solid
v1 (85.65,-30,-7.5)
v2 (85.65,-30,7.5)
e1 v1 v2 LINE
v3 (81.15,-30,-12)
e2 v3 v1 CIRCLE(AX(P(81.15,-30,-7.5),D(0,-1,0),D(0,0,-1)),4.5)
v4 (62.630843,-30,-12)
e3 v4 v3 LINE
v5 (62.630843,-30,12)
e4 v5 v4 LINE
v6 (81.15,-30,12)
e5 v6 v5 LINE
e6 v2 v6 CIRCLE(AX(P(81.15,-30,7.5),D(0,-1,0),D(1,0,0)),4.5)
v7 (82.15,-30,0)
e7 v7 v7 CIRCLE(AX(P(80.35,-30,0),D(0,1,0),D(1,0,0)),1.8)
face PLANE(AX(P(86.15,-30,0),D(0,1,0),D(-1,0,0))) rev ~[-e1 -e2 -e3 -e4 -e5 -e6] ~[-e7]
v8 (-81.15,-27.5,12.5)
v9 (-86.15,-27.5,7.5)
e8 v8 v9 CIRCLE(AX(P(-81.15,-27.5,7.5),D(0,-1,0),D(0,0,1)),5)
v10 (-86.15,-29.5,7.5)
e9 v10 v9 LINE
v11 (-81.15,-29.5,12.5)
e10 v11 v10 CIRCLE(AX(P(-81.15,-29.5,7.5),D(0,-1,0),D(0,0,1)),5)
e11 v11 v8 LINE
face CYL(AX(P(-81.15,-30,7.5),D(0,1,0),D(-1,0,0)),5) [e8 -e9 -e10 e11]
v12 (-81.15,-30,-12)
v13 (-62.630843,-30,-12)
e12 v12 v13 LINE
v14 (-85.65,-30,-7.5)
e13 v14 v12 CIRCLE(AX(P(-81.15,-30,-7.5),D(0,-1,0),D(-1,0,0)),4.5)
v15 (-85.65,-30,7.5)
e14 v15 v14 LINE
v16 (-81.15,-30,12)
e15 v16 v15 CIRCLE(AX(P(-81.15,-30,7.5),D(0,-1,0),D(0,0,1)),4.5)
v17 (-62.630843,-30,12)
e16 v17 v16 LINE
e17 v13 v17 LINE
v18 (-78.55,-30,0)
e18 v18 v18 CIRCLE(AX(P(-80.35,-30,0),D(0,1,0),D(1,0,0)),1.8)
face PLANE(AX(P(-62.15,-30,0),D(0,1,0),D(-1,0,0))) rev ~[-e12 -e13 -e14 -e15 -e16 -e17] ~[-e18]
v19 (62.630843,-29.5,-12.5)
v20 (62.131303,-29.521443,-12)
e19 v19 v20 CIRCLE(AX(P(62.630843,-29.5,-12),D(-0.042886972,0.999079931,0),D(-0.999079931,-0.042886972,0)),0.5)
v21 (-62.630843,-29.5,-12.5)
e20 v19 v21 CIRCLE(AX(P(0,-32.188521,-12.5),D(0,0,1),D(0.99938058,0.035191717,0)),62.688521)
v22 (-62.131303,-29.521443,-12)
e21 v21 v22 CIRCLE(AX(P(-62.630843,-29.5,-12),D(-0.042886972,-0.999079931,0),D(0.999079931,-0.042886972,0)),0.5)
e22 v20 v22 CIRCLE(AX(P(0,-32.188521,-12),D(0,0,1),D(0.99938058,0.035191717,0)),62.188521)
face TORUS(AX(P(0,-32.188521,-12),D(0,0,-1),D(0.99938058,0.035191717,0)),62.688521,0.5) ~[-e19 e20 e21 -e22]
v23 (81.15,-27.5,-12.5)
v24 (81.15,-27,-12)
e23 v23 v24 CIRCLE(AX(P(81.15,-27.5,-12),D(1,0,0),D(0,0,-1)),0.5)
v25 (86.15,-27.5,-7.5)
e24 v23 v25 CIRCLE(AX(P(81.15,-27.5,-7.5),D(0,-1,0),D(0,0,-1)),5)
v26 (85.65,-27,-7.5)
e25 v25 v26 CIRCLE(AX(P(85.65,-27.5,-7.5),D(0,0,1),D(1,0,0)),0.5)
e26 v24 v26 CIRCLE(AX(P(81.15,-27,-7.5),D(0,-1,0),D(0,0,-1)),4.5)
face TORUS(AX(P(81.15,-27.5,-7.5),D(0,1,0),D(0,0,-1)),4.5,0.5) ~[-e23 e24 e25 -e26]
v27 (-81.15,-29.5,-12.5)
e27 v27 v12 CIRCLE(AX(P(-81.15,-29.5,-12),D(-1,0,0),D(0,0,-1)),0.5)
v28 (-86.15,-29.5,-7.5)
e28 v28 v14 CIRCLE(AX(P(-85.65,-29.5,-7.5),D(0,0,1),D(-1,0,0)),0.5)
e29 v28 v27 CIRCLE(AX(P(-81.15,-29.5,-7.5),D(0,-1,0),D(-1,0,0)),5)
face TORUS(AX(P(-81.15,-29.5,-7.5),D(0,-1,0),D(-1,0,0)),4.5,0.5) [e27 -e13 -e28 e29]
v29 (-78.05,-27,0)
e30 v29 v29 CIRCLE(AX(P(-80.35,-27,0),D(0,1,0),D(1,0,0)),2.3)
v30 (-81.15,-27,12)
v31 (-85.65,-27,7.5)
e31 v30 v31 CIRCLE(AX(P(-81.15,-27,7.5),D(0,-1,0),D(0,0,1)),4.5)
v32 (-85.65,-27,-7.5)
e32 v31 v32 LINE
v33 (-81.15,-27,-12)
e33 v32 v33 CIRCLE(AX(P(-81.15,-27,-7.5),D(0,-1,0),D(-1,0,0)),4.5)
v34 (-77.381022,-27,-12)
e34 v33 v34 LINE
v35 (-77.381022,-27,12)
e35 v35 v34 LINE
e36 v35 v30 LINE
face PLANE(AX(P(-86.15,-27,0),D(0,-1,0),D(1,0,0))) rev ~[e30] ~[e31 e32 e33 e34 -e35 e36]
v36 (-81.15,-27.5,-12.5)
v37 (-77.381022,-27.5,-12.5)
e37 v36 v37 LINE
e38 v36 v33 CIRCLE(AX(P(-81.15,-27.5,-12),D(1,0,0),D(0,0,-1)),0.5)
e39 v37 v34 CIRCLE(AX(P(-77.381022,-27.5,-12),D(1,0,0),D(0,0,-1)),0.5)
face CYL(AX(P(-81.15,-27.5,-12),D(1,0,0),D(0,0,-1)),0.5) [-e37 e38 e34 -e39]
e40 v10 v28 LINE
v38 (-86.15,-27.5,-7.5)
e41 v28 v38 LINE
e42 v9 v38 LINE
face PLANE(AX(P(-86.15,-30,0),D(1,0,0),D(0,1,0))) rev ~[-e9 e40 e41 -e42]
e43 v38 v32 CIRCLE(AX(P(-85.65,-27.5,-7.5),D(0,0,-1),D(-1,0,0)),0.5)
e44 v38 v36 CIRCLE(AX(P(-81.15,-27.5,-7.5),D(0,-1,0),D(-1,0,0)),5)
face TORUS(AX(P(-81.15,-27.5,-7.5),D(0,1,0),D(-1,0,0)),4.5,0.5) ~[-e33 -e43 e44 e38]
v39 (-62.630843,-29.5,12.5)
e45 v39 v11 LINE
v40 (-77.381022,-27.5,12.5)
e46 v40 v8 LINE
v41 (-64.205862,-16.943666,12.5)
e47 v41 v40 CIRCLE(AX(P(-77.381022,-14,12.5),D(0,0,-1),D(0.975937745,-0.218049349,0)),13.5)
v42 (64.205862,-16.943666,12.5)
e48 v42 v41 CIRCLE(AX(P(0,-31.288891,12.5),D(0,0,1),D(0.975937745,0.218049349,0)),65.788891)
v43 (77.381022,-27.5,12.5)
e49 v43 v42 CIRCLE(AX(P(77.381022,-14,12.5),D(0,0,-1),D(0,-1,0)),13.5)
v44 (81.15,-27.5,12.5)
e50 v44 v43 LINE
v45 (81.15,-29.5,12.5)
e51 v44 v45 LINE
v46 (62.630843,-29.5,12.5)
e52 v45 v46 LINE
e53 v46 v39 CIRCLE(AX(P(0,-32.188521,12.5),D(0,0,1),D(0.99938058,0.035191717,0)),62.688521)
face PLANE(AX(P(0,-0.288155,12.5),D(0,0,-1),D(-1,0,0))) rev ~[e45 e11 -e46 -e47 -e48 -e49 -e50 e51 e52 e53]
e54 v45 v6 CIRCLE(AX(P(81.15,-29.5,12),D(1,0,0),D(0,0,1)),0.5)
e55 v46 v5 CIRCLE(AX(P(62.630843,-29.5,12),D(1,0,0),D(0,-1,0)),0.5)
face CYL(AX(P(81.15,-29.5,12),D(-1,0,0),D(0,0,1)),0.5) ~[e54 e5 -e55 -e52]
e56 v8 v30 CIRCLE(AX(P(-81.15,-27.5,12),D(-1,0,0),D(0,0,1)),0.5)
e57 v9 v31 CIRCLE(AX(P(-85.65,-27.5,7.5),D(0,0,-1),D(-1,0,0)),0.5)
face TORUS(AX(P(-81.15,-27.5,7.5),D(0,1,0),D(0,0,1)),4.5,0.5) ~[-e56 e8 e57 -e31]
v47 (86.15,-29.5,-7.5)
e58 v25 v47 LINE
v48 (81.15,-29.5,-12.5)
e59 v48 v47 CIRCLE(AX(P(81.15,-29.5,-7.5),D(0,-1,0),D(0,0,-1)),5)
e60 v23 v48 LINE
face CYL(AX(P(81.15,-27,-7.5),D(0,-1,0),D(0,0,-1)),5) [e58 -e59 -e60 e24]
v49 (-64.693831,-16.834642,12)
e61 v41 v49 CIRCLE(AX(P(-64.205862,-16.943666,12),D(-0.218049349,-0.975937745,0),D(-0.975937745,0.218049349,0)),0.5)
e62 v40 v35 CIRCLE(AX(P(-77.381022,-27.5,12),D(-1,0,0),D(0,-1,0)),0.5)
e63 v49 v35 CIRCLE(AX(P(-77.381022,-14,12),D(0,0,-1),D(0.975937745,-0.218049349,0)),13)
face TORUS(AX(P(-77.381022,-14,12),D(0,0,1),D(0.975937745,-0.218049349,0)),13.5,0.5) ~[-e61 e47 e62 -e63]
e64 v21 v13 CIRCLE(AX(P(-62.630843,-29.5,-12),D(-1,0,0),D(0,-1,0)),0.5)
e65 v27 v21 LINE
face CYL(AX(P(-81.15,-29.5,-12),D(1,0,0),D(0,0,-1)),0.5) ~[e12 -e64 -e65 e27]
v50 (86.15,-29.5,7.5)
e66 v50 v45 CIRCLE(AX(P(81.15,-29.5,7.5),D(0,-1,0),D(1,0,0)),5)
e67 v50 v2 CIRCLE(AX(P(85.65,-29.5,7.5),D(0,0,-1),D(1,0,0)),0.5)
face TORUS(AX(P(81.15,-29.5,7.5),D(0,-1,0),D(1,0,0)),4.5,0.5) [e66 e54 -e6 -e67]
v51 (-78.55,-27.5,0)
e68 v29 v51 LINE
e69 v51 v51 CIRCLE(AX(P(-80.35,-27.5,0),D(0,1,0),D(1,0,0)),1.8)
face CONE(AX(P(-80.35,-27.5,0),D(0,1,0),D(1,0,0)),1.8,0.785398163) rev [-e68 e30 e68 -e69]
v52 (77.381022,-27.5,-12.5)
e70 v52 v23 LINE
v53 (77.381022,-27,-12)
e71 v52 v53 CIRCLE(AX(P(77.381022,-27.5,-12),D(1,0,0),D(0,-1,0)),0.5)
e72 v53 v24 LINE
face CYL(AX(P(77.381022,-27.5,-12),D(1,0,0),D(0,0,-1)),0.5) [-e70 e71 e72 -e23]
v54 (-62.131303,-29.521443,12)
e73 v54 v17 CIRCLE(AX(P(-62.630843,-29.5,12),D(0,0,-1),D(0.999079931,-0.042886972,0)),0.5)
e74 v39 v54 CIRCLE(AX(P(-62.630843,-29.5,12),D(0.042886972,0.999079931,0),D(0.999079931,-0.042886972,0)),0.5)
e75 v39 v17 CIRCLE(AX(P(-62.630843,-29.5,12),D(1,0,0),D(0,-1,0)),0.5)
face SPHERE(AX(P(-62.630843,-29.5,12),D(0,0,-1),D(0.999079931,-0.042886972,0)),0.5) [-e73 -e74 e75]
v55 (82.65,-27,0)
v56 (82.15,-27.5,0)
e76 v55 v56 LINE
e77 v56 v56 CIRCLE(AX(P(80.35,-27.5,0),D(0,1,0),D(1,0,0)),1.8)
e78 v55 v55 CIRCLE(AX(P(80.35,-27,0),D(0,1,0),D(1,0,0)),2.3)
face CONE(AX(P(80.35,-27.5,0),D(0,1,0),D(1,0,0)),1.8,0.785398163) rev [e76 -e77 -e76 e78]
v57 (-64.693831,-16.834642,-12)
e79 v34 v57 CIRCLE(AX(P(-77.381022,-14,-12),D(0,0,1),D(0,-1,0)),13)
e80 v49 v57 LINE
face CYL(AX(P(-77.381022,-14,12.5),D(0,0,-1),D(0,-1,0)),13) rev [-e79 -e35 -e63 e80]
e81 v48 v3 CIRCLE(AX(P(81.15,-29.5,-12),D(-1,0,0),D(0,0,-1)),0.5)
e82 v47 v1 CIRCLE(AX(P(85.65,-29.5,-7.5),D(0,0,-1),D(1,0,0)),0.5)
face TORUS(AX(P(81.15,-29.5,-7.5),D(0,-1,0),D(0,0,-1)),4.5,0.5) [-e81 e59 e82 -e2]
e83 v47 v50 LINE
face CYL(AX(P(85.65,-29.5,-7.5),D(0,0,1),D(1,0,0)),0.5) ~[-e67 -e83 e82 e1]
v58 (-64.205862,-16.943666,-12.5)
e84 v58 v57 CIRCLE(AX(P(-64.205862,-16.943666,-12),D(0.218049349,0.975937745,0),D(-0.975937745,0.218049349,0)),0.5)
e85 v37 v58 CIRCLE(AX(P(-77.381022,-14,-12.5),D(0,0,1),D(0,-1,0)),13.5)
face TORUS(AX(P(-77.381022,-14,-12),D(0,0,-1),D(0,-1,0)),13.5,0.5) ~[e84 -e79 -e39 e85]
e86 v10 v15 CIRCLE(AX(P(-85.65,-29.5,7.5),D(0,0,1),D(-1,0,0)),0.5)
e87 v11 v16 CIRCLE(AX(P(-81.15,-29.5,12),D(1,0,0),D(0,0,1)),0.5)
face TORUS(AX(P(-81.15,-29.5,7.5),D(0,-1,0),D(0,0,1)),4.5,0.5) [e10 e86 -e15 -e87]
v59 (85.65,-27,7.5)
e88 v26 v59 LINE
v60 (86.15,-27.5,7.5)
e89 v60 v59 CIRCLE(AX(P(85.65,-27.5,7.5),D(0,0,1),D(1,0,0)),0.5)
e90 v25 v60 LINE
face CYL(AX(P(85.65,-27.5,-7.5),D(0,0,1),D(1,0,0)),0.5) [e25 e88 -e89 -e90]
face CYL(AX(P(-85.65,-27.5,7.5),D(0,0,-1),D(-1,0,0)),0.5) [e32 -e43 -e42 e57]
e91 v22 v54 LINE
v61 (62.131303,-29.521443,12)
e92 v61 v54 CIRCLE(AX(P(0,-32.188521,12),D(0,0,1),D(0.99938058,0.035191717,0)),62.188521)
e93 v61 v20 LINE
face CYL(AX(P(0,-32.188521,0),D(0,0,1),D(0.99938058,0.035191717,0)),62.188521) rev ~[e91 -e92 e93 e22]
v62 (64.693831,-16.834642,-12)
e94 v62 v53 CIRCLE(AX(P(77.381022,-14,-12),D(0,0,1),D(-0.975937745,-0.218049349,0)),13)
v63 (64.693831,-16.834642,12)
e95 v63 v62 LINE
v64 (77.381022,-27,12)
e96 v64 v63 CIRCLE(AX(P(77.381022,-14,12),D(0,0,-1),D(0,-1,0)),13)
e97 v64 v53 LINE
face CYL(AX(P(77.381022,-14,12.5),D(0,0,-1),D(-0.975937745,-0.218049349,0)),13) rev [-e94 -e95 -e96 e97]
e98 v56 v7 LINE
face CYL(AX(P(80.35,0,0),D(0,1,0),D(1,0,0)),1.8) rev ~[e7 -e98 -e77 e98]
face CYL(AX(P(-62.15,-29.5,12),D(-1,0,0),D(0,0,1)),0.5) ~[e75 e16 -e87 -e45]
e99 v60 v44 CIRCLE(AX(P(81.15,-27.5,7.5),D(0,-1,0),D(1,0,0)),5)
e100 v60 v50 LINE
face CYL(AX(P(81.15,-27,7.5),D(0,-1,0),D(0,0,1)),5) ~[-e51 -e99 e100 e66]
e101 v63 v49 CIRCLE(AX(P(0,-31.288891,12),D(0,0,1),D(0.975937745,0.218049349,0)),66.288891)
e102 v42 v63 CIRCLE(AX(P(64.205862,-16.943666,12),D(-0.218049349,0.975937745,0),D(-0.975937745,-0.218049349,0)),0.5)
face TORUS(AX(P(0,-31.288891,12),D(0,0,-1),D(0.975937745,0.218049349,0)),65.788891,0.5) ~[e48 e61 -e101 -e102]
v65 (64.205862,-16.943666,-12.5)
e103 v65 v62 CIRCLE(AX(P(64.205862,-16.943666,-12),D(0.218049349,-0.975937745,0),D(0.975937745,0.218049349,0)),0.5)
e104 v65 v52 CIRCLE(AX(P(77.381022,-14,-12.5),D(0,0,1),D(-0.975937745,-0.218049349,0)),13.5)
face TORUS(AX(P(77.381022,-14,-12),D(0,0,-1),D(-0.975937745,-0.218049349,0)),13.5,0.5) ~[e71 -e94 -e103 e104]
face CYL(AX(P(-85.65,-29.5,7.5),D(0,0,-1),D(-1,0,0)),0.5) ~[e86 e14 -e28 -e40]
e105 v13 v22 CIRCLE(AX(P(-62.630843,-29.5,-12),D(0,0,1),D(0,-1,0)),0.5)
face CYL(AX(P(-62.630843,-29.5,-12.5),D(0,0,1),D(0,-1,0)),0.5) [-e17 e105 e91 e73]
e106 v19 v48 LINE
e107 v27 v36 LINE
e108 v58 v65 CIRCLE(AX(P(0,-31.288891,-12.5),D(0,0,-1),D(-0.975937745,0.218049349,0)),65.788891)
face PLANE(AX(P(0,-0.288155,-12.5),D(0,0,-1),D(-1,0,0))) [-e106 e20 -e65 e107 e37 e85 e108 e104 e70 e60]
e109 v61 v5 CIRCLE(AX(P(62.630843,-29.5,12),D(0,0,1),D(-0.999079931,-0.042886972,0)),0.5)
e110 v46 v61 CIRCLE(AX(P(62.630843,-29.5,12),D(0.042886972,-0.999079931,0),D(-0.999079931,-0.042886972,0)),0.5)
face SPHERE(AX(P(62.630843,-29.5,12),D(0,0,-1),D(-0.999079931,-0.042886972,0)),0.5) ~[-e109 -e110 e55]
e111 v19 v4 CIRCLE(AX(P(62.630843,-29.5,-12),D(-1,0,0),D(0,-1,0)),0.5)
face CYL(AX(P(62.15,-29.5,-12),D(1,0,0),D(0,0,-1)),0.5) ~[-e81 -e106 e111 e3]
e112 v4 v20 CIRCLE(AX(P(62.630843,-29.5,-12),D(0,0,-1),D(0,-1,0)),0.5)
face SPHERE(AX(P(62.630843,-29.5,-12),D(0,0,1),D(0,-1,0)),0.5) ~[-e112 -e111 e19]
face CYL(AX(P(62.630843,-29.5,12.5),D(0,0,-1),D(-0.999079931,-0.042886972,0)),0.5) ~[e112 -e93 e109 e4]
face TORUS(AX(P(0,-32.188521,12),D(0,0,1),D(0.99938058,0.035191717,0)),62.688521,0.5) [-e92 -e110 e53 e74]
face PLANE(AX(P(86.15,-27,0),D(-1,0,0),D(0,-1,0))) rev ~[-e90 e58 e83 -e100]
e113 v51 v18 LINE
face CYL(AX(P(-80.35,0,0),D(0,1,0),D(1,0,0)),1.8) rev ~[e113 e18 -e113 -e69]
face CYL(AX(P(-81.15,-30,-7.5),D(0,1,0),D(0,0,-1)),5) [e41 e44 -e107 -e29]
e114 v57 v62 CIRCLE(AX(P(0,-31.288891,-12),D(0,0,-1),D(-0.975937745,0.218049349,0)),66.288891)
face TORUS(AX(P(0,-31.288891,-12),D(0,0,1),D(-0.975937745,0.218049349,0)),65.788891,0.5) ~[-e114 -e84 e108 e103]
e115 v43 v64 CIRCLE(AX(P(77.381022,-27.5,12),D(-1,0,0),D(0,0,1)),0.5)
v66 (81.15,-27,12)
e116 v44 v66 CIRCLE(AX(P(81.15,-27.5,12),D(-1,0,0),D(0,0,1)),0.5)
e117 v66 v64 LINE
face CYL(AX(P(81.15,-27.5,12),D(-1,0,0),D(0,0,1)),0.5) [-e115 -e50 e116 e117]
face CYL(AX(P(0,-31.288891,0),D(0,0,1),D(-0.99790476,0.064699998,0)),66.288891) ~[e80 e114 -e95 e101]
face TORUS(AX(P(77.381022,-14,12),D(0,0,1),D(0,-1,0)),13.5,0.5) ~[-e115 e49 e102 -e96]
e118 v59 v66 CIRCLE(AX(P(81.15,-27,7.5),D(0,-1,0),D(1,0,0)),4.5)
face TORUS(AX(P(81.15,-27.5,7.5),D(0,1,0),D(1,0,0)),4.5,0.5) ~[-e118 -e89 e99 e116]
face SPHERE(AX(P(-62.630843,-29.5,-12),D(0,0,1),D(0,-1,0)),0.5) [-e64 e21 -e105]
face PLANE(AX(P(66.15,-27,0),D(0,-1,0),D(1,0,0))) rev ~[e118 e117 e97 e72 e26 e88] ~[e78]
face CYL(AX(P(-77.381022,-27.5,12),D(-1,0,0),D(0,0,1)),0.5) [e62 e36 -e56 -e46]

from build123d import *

# Parameters (mm, degrees)
BOSS_EXTRUDE1_DEPTH     = 12.5
SKETCH2_R               = 1.8
CUT_EXTRUDE4_DEPTH      = 36
CUT_EXTRUDE4_DEPTH_BACK = 31
CHAMFER1_SIZE           = 0.5
FILLET1_R               = 13
FILLET2_R               = 5
FILLET3_R               = 0.5


with BuildPart() as part:
    # Sketch1 → Boss-Extrude1 (new body, symmetric)
    with BuildSketch(Plane.XY):
        with BuildLine():
            Line((-86.15, -27), (-66.15, -27))
            ThreePointArc((-66.15, -27), (0, 35), (66.15, -27))
            Line((66.15, -27), (86.15, -27))
            Line((86.15, -27), (86.15, -30))
            Line((86.15, -30), (62.15, -30))
            ThreePointArc((62.15, -30), (0, 30), (-62.15, -30))
            Line((-62.15, -30), (-86.15, -30))
            Line((-86.15, -30), (-86.15, -27))
        make_face()
    extrude(amount=BOSS_EXTRUDE1_DEPTH, both=True)

    # Sketch2 → Cut-Extrude4 (cut, two sides)
    with BuildSketch(Plane(origin=(0, 0, 0), x_dir=(1, 0, 0), z_dir=(0, 1, 0))) as cut_extrude4_sk:
        with Locations((-80.35, 0)):
            Circle(SKETCH2_R)
        with Locations((80.35, 0)):
            Circle(SKETCH2_R)
    extrude(amount=CUT_EXTRUDE4_DEPTH, mode=Mode.SUBTRACT)
    extrude(cut_extrude4_sk.sketch, amount=-CUT_EXTRUDE4_DEPTH_BACK, mode=Mode.SUBTRACT)

    # Chamfer1
    chamfer1_edges = [part.edges().sort_by_distance(p)[0] for p in [
        (-82.15, -27, 0),
        (78.55, -27, 0),
    ]]
    chamfer(chamfer1_edges, length=CHAMFER1_SIZE)

    # Fillet1
    fillet1_edges = [part.edges().sort_by_distance(p)[0] for p in [
        (66.15, -27, 0),
        (-66.15, -27, 0),
    ]]
    fillet(fillet1_edges, radius=FILLET1_R)

    # Fillet2
    fillet2_edges = [part.edges().sort_by_distance(p)[0] for p in [
        (-86.15, -28.5, -12.5),
        (-86.15, -28.5, 12.5),
        (86.15, -28.5, 12.5),
        (86.15, -28.5, -12.5),
    ]]
    fillet(fillet2_edges, radius=FILLET2_R)

    # Fillet3
    fillet3_edges = [part.edges().sort_by_distance(p)[0] for p in [
        (62.15, -30, 0),
        (-62.15, -30, 0),
        (0, 30, 12.5),
        (71.65, -30, 12.5),
        (0, 35, -12.5),
        (0, 35, 12.5),
        (-79.265510788, -27, -12.5),
        (-79.265510788, -27, 12.5),
        (69.252379009, -24.145204287, -12.5),
        (69.252379009, -24.145204287, 12.5),
        (-69.252379009, -24.145204287, -12.5),
        (-69.252379009, -24.145204287, 12.5),
        (79.265510788, -27, 12.5),
        (-71.65, -30, 12.5),
        (79.265510788, -27, -12.5),
        (86.15, -27, 0),
        (84.685533906, -27, -11.035533906),
        (84.685533906, -27, 11.035533906),
        (86.15, -30, 0),
        (84.685533906, -30, -11.035533906),
        (84.685533906, -30, 11.035533906),
        (-71.65, -30, -12.5),
        (-86.15, -30, 0),
        (-86.15, -27, 0),
        (-84.685533906, -30, 11.035533906),
        (-84.685533906, -30, -11.035533906),
        (-84.685533906, -27, 11.035533906),
        (-84.685533906, -27, -11.035533906),
        (71.65, -30, -12.5),
        (0, 30, -12.5),
    ]]
    fillet(fillet3_edges, radius=FILLET3_R)


solid = part.part
